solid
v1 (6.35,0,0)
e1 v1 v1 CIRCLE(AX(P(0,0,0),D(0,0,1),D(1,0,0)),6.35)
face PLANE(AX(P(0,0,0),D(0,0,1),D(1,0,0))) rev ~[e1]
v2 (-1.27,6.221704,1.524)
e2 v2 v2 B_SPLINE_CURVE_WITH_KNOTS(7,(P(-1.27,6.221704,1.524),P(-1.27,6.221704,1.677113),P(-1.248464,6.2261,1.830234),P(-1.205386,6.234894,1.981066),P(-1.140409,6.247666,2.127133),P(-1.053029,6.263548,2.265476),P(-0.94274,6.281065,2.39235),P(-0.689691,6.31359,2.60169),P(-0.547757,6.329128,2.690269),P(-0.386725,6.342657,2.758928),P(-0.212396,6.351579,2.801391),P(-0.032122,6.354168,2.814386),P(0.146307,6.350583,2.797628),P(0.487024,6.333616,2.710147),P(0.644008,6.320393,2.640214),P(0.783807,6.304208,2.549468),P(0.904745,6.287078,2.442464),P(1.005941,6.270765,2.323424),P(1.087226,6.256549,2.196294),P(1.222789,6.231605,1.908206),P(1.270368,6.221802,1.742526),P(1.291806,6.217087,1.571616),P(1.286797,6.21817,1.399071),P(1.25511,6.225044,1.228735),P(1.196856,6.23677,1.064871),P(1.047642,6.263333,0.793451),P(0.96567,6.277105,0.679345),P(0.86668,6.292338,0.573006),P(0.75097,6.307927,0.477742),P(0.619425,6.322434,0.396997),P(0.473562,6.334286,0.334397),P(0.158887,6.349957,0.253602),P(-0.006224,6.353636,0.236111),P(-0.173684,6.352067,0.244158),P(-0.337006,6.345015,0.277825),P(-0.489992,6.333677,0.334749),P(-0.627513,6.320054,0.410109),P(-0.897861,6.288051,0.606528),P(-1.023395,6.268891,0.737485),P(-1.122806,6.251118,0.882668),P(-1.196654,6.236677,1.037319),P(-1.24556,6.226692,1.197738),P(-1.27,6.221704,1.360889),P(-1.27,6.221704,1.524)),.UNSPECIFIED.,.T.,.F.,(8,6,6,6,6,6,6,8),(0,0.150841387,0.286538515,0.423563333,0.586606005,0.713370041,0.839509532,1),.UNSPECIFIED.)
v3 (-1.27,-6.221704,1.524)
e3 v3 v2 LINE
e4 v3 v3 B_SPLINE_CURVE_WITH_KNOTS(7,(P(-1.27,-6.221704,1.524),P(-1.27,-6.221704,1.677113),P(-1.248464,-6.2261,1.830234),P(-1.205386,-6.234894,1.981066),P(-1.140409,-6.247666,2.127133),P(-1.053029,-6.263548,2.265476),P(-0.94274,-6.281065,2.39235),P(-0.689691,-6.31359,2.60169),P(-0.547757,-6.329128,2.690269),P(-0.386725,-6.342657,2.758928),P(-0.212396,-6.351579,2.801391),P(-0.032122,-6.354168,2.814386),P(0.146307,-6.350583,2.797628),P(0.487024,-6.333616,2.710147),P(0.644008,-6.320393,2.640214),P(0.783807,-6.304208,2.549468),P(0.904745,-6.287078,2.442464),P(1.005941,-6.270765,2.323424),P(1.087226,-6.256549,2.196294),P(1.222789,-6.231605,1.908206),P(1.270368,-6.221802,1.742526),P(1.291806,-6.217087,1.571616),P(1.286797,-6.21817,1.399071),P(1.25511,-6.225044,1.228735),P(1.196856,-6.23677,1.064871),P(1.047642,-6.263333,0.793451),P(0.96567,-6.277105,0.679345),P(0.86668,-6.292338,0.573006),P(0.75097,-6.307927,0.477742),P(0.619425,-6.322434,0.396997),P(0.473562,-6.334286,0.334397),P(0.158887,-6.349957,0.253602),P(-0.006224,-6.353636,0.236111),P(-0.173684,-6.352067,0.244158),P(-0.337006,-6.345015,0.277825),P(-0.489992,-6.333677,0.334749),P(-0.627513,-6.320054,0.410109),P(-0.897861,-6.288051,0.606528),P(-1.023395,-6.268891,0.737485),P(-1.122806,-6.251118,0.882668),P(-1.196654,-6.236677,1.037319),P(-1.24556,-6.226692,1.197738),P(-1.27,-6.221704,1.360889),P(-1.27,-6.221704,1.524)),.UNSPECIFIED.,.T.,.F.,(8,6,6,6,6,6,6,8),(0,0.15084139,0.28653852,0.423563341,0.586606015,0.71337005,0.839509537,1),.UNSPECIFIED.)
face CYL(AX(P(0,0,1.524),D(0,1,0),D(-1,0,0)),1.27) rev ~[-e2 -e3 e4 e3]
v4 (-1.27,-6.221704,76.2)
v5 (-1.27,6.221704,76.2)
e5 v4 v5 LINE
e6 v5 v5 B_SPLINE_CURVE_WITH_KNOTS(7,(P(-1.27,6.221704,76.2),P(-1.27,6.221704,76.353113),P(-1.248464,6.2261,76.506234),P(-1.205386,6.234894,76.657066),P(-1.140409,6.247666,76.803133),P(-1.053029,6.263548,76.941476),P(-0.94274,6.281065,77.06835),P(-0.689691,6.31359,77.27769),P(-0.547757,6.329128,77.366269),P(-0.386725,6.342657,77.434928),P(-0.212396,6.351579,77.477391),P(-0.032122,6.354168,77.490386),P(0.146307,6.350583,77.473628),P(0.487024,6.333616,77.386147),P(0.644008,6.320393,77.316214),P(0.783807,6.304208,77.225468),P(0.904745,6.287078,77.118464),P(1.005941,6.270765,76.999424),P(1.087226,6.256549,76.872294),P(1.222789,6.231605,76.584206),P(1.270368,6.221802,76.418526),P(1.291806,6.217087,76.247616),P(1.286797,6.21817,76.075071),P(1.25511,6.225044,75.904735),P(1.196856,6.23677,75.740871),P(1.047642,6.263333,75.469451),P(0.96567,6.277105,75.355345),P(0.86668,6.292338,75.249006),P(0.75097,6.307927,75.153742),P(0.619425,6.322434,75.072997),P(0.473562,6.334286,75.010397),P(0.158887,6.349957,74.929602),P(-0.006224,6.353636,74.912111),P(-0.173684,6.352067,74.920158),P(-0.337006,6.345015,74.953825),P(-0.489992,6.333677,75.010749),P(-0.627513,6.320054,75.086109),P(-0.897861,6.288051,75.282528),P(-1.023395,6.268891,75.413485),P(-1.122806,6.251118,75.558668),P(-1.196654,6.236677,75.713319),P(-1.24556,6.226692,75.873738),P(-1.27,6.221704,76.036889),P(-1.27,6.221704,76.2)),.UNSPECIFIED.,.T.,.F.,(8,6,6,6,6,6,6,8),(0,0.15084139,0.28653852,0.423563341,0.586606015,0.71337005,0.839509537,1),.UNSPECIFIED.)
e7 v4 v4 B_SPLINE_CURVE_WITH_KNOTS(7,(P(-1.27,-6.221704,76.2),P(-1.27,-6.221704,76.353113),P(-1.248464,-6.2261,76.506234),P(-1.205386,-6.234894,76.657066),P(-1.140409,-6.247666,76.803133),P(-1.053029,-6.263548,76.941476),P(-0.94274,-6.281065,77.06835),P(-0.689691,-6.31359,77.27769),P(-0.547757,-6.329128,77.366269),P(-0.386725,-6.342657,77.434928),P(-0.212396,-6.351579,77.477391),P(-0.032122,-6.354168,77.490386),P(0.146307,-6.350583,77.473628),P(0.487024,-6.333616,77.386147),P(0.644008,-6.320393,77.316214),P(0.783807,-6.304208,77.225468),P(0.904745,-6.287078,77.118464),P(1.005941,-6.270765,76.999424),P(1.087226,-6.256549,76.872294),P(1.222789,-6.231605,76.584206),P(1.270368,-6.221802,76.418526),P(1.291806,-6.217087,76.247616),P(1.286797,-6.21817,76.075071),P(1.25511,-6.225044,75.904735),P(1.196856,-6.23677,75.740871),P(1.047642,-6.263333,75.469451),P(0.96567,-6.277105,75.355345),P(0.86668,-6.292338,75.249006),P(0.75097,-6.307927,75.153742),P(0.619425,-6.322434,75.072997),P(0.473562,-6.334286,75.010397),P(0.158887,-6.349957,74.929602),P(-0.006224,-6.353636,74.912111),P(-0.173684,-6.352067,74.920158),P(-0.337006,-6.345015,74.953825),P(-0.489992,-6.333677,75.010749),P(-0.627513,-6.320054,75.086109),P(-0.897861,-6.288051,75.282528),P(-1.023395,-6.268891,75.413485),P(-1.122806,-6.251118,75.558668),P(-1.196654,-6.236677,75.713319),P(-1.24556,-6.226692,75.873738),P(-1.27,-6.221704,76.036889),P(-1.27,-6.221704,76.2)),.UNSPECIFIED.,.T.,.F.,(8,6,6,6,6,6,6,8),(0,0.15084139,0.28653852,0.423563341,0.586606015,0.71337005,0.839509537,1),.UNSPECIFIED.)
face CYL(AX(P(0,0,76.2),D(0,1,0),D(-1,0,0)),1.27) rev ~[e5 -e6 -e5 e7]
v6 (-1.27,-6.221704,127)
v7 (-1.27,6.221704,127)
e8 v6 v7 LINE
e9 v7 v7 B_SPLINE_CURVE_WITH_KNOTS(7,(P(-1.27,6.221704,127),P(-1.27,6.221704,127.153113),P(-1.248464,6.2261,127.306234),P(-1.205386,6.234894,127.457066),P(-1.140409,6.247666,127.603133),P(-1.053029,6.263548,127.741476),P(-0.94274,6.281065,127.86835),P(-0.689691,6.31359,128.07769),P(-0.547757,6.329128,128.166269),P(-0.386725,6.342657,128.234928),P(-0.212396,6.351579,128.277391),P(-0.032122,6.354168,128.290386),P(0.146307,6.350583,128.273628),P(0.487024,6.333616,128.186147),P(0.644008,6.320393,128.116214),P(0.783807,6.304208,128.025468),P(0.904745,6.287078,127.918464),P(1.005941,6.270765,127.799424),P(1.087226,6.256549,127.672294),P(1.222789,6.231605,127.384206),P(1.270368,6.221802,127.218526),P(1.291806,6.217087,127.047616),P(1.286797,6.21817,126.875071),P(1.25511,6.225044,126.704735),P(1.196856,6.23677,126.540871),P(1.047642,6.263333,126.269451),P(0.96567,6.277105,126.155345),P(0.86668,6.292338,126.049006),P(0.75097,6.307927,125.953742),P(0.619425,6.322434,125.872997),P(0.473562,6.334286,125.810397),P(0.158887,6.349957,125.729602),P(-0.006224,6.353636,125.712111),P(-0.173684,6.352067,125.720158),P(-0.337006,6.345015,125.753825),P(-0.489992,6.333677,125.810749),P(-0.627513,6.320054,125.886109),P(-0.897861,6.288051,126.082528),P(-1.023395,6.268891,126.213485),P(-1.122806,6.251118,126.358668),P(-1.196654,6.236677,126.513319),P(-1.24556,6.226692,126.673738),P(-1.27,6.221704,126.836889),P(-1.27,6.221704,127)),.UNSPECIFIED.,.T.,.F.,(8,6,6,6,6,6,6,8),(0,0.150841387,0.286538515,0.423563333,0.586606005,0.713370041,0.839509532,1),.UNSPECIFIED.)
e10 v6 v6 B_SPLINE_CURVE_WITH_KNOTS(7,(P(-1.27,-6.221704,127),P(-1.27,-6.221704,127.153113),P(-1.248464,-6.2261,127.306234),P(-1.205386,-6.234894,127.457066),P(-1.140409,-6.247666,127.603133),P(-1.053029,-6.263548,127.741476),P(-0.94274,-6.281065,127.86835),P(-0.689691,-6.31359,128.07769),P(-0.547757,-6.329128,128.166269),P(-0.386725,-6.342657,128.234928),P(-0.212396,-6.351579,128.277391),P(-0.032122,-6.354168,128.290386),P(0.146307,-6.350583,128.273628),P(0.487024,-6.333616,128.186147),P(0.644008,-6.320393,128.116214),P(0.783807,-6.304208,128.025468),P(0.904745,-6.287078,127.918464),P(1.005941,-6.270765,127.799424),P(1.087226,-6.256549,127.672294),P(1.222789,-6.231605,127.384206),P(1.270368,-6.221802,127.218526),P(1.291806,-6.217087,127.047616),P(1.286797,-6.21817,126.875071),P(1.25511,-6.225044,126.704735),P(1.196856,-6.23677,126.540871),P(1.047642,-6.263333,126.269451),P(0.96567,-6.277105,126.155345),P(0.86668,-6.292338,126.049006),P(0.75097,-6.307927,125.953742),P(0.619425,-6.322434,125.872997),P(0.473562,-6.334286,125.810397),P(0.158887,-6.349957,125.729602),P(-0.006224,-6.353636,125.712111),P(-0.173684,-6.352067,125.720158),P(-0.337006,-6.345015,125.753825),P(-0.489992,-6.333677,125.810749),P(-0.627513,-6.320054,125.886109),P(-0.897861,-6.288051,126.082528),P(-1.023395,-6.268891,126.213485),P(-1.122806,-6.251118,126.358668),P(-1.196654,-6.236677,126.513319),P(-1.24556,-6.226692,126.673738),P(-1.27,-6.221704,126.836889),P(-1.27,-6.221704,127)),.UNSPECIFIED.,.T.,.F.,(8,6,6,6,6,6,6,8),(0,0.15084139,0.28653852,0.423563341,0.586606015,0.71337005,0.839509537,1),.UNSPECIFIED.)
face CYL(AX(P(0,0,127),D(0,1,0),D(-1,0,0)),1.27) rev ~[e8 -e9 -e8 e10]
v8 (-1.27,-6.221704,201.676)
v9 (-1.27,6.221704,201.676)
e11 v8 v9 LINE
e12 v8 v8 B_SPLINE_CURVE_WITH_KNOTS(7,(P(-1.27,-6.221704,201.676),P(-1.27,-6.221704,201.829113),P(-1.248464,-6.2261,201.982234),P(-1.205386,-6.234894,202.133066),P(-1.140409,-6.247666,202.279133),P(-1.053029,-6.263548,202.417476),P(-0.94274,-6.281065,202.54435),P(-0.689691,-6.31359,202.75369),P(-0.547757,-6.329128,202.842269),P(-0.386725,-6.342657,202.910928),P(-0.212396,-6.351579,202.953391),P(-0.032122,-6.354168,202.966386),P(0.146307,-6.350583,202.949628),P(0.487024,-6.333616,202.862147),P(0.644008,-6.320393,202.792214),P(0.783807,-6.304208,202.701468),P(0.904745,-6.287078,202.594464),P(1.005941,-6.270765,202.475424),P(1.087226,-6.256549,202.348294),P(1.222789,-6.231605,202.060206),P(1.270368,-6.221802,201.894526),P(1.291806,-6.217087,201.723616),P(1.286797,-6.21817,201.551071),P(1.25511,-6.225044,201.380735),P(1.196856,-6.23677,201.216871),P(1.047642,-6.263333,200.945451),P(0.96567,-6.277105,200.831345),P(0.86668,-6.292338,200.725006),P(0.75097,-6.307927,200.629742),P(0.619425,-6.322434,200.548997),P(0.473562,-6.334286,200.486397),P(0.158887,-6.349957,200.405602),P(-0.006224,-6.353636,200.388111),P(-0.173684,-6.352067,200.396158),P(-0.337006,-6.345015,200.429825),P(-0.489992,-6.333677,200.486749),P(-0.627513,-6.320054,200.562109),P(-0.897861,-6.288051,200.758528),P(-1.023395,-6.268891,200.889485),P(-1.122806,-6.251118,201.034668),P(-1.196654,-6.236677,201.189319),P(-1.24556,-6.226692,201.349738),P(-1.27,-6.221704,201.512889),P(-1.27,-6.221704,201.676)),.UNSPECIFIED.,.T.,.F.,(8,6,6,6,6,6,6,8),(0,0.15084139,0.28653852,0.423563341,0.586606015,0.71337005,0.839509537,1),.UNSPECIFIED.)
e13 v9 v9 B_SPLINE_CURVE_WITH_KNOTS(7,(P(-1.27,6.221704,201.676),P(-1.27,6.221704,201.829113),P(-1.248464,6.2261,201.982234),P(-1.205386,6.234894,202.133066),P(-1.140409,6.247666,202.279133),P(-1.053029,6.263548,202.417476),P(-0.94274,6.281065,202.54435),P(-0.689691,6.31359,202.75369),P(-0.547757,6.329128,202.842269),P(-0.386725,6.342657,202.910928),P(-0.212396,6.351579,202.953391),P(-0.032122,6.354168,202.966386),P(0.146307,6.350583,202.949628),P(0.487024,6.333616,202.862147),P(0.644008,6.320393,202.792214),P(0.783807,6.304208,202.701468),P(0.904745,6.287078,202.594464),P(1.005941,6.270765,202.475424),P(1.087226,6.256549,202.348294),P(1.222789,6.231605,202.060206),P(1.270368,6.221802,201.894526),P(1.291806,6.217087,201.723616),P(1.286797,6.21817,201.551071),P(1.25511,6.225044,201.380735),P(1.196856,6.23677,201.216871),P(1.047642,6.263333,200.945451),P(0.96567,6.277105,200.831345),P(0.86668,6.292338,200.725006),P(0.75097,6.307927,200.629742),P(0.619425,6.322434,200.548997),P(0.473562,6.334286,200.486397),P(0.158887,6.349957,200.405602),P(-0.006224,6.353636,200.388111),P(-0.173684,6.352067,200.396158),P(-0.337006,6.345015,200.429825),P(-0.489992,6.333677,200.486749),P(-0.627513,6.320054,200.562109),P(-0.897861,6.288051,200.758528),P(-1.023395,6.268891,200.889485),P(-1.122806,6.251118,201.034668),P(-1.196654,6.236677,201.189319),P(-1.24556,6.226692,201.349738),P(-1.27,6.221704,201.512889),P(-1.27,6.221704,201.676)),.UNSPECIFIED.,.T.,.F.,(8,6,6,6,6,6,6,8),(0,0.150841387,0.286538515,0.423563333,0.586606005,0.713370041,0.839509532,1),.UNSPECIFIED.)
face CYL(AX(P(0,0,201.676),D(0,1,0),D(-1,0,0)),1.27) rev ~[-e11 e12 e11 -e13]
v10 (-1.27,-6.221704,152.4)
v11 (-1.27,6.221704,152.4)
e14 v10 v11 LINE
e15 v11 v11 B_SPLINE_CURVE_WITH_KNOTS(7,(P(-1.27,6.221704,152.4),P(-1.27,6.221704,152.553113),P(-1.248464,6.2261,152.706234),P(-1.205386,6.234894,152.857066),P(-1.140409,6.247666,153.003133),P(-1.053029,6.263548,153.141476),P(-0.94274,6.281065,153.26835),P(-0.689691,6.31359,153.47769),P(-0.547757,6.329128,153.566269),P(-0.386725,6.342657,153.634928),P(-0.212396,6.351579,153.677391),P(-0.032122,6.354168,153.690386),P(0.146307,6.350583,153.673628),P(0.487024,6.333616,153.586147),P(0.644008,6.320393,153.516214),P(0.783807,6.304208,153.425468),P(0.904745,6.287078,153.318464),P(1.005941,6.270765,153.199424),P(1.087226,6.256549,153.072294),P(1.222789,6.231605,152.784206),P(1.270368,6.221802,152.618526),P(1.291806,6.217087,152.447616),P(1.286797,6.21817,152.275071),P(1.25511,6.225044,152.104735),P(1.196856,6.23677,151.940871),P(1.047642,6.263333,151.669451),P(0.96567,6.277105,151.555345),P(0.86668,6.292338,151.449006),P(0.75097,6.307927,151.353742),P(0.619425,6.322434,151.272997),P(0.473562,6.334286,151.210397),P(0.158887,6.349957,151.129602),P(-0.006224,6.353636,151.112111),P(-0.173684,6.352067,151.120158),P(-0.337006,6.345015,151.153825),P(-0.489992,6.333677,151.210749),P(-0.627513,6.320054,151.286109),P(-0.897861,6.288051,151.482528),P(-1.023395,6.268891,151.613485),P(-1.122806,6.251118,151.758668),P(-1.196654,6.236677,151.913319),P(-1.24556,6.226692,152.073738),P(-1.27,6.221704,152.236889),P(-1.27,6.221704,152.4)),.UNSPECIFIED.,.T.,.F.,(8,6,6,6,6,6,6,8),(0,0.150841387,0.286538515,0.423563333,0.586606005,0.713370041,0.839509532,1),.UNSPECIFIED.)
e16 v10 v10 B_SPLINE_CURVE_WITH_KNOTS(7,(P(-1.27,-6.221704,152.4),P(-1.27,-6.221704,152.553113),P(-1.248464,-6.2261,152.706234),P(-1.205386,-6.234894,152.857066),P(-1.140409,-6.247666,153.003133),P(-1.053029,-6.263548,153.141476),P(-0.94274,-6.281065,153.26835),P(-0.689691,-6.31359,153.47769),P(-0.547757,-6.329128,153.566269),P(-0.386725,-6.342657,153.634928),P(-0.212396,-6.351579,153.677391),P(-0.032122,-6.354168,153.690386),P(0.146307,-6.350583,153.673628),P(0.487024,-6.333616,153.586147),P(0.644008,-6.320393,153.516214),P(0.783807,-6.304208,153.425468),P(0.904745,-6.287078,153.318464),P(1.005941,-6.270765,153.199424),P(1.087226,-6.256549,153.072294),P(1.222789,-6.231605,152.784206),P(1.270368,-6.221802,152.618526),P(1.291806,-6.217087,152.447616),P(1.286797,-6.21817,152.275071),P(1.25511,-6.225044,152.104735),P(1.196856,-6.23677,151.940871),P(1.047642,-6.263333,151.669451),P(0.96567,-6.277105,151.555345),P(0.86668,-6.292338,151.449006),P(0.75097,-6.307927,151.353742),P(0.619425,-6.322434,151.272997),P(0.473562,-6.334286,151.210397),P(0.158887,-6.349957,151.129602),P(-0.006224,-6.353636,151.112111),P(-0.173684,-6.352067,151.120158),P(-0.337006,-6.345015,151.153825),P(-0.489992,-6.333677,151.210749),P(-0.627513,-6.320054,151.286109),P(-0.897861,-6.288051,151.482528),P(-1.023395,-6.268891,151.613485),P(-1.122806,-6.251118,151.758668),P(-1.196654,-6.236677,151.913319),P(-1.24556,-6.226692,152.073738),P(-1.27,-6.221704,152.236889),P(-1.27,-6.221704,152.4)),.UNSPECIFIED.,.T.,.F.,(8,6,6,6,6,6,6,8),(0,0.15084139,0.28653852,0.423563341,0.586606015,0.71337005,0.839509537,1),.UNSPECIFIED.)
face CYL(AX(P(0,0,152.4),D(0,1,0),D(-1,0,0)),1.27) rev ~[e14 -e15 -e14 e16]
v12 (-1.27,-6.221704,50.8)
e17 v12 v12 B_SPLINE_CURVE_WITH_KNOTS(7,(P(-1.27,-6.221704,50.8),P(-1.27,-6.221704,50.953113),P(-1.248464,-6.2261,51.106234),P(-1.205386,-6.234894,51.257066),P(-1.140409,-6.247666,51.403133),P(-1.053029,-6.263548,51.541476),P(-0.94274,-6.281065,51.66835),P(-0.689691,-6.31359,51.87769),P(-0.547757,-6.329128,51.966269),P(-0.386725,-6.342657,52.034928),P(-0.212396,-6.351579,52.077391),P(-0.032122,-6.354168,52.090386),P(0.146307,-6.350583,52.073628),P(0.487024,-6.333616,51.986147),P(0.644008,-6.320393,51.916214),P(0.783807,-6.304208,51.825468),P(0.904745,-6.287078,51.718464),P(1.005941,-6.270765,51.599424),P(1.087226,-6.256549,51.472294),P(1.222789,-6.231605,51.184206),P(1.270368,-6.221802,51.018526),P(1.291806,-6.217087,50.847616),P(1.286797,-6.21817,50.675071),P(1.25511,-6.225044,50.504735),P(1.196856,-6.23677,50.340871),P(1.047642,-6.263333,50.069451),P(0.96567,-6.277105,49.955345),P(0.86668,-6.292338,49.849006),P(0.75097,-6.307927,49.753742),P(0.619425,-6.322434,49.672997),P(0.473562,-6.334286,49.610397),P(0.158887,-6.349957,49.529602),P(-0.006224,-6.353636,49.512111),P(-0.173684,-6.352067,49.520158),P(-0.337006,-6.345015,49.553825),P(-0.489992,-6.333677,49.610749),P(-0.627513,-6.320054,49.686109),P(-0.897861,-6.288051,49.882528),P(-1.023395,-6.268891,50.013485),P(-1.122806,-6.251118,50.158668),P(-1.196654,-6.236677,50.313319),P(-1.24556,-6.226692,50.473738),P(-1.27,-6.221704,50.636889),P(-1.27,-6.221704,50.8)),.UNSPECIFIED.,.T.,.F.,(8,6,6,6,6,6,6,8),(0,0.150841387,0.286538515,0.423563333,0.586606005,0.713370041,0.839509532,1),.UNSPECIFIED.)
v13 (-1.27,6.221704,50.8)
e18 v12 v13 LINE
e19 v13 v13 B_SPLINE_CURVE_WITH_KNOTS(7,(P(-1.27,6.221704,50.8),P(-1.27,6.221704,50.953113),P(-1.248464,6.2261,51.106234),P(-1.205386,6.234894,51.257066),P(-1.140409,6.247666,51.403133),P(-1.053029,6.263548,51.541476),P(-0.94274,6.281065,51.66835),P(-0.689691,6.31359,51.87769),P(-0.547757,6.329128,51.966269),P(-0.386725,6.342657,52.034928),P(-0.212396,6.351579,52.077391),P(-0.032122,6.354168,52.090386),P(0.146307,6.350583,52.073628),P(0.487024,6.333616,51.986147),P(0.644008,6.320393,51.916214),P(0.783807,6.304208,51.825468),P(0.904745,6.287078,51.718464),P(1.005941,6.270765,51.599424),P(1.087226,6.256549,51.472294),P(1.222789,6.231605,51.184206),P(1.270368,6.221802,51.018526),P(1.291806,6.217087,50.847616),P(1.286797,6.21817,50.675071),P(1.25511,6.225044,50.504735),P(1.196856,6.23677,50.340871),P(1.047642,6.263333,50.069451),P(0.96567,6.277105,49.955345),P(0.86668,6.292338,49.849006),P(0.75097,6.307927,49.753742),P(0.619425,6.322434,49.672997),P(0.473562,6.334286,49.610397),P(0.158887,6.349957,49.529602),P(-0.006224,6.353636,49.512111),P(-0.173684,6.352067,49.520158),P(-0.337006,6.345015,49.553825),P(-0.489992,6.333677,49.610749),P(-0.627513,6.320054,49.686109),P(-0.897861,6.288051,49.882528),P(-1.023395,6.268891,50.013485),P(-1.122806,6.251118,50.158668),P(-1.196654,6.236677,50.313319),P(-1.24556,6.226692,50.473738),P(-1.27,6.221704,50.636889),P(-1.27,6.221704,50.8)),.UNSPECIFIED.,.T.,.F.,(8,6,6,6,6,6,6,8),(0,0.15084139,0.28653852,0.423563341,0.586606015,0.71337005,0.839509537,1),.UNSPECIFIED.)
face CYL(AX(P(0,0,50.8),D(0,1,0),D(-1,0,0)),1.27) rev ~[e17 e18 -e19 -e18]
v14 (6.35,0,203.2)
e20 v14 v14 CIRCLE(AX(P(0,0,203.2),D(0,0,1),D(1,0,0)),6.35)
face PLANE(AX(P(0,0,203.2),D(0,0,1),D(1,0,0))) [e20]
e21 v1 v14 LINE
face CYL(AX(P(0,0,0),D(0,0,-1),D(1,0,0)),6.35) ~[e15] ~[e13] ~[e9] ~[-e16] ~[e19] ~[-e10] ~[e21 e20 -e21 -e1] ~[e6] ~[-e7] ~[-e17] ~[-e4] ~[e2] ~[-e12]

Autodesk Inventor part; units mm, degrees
ref_plane "YZ Plane" through (0, 0, 0) normal (1, 0, 0) x (0, 1, 0)
ref_plane "XZ Plane" through (0, 0, 0) normal (0, 1, 0) x (-1, 0, 0)
ref_plane "XY Plane" through (0, 0, 0) normal (0, 0, 1) x (1, 0, 0)
sketch "Sketch1" plane through (0, 0, 0) normal (0, 0, 1) x (1, 0, 0)
  circle A0 centre (0, 0) radius 6.35
  dimension "d0" = 12.7
extrude "Extrusion1" add sketch "Sketch1" along normal blind 203.2
sketch "Sketch4" plane through (0, 0, 0) normal (0, 1, 0) x (-1, 0, 0)
  line L0 (0, 0) -> (0, 1.524)
  line L1 (6.35, 203.2) -> (-6.35, 203.2) projected
  line L2 (0, 203.2) -> (0, 201.676)
  circle A0 centre (0, 201.676) radius 1.27
  circle A1 centre (0, 1.524) radius 1.27
  dimension "d13" = 1.524
  dimension "d15" = 1.524
  dimension "d16" = 2.54
  dimension "d19" = 2.54
extrude "Extrusion4" cut sketch "Sketch4" along normal mid plane 15.24
sketch "Sketch8" plane through (0, 0, 0) normal (0, 1, 0) x (-1, 0, 0)
  line L0 (0, 0) -> (0, 50.8)
  circle A0 centre (0, 50.8) radius 1.27
  line L1 (0, 50.8) -> (0, 76.2)
  circle A1 centre (0, 76.2) radius 1.27
  line L2 (6.35, 203.2) -> (-6.35, 203.2) projected
  line L3 (0, 203.2) -> (0, 152.4)
  circle A2 centre (0, 152.4) radius 1.27
  line L4 (0, 152.4) -> (0, 127)
  circle A3 centre (0, 127) radius 1.27
  dimension "d50" = 50.8
  dimension "d51" = 2.54
  dimension "d58" = 25.4
  dimension "d59" = 2.54
  dimension "d60" = 50.8
  dimension "d61" = 2.54
  dimension "d62" = 25.4
  dimension "d63" = 2.54
extrude "Extrusion10" cut sketch "Sketch8" along normal mid plane 25.4
properties part number "Straw"
